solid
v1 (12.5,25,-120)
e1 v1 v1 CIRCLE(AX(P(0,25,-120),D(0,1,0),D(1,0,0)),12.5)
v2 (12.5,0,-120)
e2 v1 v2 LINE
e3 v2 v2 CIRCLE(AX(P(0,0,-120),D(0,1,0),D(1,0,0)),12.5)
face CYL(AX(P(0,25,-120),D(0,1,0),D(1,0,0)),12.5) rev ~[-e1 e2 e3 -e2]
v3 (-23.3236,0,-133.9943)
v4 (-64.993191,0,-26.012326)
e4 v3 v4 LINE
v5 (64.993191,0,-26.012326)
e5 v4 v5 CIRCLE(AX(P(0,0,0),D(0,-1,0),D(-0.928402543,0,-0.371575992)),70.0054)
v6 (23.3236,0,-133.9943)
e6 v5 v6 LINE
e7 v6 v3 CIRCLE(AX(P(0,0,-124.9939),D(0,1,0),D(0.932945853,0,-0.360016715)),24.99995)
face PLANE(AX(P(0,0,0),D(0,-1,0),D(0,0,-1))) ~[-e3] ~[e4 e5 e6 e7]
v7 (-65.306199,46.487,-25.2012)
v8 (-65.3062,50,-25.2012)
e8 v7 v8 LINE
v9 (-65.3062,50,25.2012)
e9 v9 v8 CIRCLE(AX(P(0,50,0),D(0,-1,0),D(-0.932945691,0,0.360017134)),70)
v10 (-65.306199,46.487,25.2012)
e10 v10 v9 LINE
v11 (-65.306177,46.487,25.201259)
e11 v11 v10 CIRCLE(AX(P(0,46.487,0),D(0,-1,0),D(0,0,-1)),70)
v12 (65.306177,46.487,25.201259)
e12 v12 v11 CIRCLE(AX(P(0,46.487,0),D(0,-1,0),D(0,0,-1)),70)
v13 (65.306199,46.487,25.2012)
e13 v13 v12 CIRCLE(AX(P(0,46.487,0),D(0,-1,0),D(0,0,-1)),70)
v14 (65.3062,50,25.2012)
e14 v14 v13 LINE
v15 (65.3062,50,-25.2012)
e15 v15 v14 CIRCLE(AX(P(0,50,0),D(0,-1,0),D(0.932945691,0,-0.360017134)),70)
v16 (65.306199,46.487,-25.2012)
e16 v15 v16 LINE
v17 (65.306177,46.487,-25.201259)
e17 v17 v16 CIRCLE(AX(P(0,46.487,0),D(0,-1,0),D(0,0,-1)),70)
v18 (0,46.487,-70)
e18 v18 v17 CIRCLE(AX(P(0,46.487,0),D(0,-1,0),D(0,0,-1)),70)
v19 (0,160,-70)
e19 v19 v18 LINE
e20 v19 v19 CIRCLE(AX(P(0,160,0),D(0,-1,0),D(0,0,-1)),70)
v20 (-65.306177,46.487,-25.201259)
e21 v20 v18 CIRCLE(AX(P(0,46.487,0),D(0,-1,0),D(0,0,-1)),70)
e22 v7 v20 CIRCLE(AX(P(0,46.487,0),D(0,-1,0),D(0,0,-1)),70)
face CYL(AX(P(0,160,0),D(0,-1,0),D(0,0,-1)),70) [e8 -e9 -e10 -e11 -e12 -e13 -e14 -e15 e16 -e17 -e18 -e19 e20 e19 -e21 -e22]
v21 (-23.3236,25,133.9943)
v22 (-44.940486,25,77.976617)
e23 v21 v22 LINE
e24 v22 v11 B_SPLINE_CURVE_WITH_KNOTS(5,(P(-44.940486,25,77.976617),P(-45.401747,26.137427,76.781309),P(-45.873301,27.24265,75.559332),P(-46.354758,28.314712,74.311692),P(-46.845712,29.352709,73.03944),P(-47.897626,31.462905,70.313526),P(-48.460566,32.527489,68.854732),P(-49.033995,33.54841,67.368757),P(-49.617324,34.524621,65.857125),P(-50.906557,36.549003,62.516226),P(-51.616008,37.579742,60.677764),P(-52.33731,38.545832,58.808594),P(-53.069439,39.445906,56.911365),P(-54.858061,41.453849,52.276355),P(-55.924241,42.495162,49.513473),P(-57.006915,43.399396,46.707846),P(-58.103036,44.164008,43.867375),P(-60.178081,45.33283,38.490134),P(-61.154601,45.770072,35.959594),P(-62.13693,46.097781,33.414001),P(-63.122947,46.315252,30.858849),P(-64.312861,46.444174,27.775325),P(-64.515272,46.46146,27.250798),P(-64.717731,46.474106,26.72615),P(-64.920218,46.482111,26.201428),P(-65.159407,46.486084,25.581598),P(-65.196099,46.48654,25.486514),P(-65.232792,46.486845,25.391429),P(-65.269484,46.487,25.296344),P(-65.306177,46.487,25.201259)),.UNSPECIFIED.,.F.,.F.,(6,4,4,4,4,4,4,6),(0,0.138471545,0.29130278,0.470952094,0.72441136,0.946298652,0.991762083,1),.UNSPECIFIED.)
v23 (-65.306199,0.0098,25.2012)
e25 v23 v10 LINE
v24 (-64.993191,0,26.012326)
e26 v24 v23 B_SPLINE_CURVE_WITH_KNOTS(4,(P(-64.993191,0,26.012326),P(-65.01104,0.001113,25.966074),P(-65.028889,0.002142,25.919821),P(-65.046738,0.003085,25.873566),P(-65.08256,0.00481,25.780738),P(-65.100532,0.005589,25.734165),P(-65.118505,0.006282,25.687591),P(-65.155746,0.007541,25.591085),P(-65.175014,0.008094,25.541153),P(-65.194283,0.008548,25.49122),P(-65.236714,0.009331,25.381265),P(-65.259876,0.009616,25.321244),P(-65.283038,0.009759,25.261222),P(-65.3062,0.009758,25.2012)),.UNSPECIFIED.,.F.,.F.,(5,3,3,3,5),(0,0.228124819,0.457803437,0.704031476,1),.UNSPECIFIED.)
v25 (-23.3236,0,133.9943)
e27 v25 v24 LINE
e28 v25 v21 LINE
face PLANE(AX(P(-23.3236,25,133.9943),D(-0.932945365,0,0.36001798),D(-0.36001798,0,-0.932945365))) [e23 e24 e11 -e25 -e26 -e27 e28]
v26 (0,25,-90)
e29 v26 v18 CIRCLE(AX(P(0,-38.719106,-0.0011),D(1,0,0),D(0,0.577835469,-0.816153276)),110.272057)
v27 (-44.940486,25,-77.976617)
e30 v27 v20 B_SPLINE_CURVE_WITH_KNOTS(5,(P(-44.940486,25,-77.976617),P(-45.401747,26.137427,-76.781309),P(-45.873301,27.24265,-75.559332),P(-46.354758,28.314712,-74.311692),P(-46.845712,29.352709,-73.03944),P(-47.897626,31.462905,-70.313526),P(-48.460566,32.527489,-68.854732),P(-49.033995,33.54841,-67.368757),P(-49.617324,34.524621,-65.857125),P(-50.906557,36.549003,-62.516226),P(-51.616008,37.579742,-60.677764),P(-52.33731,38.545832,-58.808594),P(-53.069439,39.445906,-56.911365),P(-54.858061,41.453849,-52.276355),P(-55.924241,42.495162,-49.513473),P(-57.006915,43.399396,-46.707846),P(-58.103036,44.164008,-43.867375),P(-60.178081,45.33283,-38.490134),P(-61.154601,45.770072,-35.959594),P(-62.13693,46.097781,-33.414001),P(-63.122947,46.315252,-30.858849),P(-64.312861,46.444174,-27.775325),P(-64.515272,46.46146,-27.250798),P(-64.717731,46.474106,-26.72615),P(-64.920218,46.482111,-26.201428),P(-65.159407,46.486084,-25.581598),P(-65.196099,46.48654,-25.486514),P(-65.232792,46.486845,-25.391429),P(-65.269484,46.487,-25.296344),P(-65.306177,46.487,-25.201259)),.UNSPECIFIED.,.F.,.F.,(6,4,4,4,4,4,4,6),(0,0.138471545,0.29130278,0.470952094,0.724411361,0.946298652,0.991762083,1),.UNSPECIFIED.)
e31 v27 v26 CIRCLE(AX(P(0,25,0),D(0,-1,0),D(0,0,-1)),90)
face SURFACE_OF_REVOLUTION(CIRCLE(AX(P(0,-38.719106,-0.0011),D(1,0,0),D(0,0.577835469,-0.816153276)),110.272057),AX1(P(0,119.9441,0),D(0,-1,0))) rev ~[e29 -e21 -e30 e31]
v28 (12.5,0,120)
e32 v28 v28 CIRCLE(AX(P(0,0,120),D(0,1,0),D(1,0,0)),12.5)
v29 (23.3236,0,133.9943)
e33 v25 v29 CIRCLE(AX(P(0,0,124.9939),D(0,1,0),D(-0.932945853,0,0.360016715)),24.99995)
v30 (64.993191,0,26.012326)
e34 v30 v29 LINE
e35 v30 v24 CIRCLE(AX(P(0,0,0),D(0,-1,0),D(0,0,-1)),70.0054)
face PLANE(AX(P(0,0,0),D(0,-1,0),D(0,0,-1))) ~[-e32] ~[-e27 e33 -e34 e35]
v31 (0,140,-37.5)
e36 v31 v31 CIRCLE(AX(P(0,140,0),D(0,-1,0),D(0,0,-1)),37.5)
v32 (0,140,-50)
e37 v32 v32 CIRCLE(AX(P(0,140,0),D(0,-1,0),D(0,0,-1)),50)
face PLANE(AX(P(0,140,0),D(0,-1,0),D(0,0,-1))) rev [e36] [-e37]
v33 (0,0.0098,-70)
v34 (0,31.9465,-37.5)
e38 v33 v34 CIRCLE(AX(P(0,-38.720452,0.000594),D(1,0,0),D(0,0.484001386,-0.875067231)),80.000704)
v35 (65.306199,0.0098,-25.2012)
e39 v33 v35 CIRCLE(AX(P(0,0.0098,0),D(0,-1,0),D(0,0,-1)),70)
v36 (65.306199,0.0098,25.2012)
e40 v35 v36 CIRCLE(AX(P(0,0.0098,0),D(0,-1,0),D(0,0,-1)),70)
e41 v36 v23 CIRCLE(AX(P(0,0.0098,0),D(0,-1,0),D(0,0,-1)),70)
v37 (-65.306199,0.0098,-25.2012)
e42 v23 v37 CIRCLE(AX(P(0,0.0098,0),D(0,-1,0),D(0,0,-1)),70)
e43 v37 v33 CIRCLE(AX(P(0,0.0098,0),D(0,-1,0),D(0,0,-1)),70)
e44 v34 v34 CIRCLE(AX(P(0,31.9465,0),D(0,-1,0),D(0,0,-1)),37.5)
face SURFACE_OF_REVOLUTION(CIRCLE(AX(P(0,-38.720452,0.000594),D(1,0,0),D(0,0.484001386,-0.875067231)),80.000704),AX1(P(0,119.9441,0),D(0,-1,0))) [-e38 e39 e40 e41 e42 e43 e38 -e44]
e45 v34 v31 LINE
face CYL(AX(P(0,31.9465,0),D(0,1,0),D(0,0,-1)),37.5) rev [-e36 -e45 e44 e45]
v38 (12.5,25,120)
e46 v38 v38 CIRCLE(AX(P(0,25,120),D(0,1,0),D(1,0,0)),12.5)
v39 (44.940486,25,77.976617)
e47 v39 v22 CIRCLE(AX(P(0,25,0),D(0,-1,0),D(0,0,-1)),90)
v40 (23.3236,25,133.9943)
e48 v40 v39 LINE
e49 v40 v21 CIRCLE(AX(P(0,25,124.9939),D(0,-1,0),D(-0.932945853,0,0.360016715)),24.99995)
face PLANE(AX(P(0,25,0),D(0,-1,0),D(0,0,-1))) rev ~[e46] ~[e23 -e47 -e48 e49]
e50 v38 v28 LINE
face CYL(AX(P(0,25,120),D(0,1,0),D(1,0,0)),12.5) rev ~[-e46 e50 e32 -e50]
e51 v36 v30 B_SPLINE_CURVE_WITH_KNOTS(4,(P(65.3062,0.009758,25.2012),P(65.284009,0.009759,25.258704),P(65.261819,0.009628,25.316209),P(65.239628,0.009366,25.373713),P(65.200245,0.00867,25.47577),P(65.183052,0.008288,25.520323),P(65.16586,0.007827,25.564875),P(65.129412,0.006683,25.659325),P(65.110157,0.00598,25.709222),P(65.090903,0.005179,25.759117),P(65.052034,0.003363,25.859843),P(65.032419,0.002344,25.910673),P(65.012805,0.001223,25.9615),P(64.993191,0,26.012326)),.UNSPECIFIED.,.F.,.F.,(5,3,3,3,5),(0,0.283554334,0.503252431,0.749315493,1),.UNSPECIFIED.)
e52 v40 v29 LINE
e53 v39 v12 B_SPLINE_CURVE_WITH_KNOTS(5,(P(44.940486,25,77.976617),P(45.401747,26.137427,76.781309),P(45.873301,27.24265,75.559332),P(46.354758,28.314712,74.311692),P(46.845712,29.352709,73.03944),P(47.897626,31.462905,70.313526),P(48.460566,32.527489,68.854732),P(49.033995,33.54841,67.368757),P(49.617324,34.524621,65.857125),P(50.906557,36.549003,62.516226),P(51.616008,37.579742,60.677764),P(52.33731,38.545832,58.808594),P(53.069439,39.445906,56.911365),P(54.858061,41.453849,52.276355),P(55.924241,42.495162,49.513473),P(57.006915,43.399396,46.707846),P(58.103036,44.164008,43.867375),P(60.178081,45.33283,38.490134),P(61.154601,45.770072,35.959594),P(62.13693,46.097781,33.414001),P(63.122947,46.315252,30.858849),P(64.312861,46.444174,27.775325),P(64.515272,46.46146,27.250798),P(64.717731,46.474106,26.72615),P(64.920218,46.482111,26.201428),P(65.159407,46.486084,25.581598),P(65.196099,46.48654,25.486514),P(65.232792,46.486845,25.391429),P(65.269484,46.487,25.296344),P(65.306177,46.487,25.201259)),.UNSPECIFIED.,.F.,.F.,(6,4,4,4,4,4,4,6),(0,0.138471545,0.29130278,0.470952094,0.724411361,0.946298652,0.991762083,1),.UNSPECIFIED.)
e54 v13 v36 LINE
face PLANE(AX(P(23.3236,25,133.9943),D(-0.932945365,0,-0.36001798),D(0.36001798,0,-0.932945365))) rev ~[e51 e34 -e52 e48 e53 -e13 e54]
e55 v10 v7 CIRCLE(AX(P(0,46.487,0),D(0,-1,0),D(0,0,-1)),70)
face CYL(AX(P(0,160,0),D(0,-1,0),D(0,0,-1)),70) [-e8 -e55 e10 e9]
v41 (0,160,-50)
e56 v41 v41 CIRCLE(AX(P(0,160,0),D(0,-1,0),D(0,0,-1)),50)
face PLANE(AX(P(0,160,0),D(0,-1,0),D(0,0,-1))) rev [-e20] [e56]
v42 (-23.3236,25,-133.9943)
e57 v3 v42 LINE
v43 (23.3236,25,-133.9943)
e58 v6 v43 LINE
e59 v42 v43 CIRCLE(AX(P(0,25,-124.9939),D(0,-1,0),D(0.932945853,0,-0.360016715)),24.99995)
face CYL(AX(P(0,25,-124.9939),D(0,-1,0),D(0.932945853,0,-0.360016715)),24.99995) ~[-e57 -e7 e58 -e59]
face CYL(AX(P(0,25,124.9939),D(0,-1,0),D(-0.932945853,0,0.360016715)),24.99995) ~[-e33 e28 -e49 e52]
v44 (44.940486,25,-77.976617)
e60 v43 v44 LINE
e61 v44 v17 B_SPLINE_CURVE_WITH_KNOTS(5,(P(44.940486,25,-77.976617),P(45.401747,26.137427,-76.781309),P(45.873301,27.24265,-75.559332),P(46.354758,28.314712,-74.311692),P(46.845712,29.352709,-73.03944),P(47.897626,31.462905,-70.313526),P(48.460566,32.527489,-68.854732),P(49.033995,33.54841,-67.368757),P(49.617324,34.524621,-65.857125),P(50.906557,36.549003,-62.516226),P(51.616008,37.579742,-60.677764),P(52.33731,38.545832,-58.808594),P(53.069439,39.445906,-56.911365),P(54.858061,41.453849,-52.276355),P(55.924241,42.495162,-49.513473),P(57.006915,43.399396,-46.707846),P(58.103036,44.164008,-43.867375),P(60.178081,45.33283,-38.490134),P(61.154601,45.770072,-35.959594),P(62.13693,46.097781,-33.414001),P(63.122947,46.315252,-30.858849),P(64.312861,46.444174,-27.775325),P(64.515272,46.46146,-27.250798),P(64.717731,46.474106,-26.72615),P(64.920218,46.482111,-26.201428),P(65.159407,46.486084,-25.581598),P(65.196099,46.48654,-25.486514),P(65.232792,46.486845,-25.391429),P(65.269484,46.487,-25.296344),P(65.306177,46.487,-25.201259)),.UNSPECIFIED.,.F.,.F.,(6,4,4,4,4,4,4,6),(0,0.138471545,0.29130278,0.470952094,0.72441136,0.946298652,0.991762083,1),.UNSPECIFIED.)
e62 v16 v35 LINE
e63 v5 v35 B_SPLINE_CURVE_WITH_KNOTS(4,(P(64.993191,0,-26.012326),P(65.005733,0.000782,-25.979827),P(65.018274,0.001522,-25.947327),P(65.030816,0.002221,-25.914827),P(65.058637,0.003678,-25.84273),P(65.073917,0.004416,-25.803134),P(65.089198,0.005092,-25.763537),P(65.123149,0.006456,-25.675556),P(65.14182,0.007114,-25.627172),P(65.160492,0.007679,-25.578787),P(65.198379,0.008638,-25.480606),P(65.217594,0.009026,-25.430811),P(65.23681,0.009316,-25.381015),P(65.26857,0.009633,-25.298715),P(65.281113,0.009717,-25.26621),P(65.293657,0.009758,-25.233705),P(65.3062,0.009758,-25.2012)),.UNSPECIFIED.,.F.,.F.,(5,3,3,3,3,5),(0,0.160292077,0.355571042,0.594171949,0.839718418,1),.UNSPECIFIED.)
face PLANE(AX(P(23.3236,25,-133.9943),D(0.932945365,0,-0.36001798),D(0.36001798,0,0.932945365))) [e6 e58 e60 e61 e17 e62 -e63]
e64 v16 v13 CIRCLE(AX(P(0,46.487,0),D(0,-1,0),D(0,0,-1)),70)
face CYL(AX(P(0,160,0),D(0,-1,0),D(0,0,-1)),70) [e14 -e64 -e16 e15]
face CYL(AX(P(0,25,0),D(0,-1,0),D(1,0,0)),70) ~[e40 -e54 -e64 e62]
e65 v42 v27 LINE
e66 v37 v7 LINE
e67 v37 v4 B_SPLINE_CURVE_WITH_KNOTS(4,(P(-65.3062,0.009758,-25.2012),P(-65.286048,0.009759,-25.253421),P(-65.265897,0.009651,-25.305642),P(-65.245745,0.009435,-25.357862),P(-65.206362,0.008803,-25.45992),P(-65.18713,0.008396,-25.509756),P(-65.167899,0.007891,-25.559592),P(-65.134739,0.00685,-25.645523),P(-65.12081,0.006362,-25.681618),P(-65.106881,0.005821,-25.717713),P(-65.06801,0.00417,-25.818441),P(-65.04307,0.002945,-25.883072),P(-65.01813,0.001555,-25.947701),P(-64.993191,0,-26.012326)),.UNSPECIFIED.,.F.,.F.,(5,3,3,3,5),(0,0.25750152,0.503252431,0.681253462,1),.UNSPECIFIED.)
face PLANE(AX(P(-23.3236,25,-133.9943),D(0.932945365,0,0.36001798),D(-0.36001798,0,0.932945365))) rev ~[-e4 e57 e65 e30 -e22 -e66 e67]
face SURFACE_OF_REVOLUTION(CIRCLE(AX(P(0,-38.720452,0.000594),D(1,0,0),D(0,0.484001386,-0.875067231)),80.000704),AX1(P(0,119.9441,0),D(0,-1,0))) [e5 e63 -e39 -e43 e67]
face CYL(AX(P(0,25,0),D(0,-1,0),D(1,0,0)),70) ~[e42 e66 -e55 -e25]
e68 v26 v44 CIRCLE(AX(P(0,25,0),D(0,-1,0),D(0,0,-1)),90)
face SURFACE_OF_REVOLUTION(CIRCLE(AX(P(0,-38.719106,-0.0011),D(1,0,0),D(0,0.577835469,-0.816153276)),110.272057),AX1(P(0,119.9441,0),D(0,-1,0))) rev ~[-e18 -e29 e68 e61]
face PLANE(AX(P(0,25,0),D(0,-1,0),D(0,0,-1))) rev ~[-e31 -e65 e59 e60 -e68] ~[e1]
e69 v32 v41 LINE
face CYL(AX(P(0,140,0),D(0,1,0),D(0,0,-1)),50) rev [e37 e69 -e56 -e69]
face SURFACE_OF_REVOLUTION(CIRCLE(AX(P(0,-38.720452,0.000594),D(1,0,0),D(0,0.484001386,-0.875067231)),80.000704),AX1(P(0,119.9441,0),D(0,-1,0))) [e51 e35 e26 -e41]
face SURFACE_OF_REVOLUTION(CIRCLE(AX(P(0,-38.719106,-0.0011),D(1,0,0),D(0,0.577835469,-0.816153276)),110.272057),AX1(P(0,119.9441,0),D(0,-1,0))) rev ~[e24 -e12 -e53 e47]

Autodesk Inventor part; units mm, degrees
ref_plane "YZ Plane" through (0, 0, 0) normal (1, 0, 0) x (0, 1, 0)
ref_plane "XZ Plane" through (0, 0, 0) normal (0, 1, 0) x (-1, 0, 0)
ref_plane "XY Plane" through (0, 0, 0) normal (0, 0, 1) x (1, 0, 0)
sketch "Sketch1" plane through (0, 0, 0) normal (1, 0, 0) x (0, 1, 0)
  line L0 (119.9441, 0) -> (-107.8442, 0)
  line L1 (140, -37.5) -> (140, -50)
  line L2 (140, -50) -> (160, -50)
  line L3 (160, -50) -> (160, -70)
  line L4 (31.9465, -37.5) -> (140, -37.5)
  line L5 (0, -150) -> (25, -150)
  line L6 (25, -150) -> (25, -90)
  line L7 (0, 154.1092) -> (0, 150) construction
  line L8 (0, -70) -> (0, -195.8423) construction
  line L9 (0, -70) -> (0, -150)
  line L10 (25, -150) -> (25, -90)
  line L11 (160, -70) -> (46.487, -70)
  line L12 (0.0098, -70) -> (0, -70)
  arc A0 (25, -90) -> (46.487, -70) centre (-38.72, 0) ccw
  arc A1 (0, -70.0054) -> (31.9465, -37.5) centre (-38.72, 0) ccw
  point P0 (0, 0)
  point P1 (150, -50)
  point P2 (18.337, -56.0758)
  dimension "d0" = 20
  dimension "d2" = 100
  dimension "d4" = 75
  dimension "d7" = 38.72
  dimension "d8" = 300
  dimension "d9" = 25
  dimension "d10" = 60
  dimension "d11" = 160
  dimension "d12" = 140
revolve "Revolution1" add sketch "Sketch1" angle 360 about axis through (0, 119.9441, 0) along (0, -1, 0) contours L1 L2 L3 L11 A0 L6 L5 L9 A1 L4
sketch "Sketch2" plane through (0, 25, 0) normal (0, 1, 0) x (1, 0, 0)
  circle A0 centre (0, -120) radius 12.5
  arc A1 (-23.3236, -133.9943) -> (23.3236, -133.9943) centre (0, -124.9939) ccw
  line L0 (0, 213.9519) -> (0, -189.1435) construction
  circle A2 centre (0, 0) radius 70
  circle A3 centre (0, 0) radius 70 projected
  line L1 (216.3498, 0) -> (-212.0735, 0)
  circle A4 centre (0, 120) radius 12.5
  arc A5 (23.3236, 133.9943) -> (-23.3236, 133.9943) centre (0, 124.9939) ccw
  line L2 (-23.3236, 133.9943) -> (-65.3062, 25.2012)
  line L3 (-100.3964, -65.731) -> (-103.3588, -73.4078)
  line L4 (-23.3236, -133.9943) -> (-65.3062, -25.2012)
  line L5 (-100.3964, 65.731) -> (-103.3588, 73.4078)
  line L6 (23.3236, 133.9943) -> (65.3062, 25.2012)
  line L7 (100.3964, -65.731) -> (103.3588, -73.4078)
  line L8 (23.3236, -133.9943) -> (65.3062, -25.2012)
  line L9 (100.3964, 65.731) -> (103.3588, 73.4078)
  arc A6 (30.216, -116.1335) -> (30.216, 116.1335) centre (0, 0) ccw
  arc A7 (-30.216, 116.1335) -> (-30.216, -116.1335) centre (0, 0) ccw
  circle A8 centre (0, 0) radius 150.0812
  point P0 (0, -149.9939)
  point P1 (0, -120)
  point P2 (-18.02, -147.7381)
  point P3 (18.02, -147.7381)
  point P4 (-18.02, 147.7381)
  point P5 (18.02, 147.7381)
  dimension "d16" = 25
  dimension "d17" = 50
extrude "Extrusion1" cut sketch "Sketch2" along normal blind 25 and the other way blind 25 contours A0 | A1 L8 A6 L1 A8 A7 L4 | A7 L1 A2 L4 | L8 A2 L1 A6 | L1 A7 L2 A2 | L1 A8 A6 L6 A5 L2 A7 | A2 L6 A6 L1 | A4
properties part number "Quiz1"
